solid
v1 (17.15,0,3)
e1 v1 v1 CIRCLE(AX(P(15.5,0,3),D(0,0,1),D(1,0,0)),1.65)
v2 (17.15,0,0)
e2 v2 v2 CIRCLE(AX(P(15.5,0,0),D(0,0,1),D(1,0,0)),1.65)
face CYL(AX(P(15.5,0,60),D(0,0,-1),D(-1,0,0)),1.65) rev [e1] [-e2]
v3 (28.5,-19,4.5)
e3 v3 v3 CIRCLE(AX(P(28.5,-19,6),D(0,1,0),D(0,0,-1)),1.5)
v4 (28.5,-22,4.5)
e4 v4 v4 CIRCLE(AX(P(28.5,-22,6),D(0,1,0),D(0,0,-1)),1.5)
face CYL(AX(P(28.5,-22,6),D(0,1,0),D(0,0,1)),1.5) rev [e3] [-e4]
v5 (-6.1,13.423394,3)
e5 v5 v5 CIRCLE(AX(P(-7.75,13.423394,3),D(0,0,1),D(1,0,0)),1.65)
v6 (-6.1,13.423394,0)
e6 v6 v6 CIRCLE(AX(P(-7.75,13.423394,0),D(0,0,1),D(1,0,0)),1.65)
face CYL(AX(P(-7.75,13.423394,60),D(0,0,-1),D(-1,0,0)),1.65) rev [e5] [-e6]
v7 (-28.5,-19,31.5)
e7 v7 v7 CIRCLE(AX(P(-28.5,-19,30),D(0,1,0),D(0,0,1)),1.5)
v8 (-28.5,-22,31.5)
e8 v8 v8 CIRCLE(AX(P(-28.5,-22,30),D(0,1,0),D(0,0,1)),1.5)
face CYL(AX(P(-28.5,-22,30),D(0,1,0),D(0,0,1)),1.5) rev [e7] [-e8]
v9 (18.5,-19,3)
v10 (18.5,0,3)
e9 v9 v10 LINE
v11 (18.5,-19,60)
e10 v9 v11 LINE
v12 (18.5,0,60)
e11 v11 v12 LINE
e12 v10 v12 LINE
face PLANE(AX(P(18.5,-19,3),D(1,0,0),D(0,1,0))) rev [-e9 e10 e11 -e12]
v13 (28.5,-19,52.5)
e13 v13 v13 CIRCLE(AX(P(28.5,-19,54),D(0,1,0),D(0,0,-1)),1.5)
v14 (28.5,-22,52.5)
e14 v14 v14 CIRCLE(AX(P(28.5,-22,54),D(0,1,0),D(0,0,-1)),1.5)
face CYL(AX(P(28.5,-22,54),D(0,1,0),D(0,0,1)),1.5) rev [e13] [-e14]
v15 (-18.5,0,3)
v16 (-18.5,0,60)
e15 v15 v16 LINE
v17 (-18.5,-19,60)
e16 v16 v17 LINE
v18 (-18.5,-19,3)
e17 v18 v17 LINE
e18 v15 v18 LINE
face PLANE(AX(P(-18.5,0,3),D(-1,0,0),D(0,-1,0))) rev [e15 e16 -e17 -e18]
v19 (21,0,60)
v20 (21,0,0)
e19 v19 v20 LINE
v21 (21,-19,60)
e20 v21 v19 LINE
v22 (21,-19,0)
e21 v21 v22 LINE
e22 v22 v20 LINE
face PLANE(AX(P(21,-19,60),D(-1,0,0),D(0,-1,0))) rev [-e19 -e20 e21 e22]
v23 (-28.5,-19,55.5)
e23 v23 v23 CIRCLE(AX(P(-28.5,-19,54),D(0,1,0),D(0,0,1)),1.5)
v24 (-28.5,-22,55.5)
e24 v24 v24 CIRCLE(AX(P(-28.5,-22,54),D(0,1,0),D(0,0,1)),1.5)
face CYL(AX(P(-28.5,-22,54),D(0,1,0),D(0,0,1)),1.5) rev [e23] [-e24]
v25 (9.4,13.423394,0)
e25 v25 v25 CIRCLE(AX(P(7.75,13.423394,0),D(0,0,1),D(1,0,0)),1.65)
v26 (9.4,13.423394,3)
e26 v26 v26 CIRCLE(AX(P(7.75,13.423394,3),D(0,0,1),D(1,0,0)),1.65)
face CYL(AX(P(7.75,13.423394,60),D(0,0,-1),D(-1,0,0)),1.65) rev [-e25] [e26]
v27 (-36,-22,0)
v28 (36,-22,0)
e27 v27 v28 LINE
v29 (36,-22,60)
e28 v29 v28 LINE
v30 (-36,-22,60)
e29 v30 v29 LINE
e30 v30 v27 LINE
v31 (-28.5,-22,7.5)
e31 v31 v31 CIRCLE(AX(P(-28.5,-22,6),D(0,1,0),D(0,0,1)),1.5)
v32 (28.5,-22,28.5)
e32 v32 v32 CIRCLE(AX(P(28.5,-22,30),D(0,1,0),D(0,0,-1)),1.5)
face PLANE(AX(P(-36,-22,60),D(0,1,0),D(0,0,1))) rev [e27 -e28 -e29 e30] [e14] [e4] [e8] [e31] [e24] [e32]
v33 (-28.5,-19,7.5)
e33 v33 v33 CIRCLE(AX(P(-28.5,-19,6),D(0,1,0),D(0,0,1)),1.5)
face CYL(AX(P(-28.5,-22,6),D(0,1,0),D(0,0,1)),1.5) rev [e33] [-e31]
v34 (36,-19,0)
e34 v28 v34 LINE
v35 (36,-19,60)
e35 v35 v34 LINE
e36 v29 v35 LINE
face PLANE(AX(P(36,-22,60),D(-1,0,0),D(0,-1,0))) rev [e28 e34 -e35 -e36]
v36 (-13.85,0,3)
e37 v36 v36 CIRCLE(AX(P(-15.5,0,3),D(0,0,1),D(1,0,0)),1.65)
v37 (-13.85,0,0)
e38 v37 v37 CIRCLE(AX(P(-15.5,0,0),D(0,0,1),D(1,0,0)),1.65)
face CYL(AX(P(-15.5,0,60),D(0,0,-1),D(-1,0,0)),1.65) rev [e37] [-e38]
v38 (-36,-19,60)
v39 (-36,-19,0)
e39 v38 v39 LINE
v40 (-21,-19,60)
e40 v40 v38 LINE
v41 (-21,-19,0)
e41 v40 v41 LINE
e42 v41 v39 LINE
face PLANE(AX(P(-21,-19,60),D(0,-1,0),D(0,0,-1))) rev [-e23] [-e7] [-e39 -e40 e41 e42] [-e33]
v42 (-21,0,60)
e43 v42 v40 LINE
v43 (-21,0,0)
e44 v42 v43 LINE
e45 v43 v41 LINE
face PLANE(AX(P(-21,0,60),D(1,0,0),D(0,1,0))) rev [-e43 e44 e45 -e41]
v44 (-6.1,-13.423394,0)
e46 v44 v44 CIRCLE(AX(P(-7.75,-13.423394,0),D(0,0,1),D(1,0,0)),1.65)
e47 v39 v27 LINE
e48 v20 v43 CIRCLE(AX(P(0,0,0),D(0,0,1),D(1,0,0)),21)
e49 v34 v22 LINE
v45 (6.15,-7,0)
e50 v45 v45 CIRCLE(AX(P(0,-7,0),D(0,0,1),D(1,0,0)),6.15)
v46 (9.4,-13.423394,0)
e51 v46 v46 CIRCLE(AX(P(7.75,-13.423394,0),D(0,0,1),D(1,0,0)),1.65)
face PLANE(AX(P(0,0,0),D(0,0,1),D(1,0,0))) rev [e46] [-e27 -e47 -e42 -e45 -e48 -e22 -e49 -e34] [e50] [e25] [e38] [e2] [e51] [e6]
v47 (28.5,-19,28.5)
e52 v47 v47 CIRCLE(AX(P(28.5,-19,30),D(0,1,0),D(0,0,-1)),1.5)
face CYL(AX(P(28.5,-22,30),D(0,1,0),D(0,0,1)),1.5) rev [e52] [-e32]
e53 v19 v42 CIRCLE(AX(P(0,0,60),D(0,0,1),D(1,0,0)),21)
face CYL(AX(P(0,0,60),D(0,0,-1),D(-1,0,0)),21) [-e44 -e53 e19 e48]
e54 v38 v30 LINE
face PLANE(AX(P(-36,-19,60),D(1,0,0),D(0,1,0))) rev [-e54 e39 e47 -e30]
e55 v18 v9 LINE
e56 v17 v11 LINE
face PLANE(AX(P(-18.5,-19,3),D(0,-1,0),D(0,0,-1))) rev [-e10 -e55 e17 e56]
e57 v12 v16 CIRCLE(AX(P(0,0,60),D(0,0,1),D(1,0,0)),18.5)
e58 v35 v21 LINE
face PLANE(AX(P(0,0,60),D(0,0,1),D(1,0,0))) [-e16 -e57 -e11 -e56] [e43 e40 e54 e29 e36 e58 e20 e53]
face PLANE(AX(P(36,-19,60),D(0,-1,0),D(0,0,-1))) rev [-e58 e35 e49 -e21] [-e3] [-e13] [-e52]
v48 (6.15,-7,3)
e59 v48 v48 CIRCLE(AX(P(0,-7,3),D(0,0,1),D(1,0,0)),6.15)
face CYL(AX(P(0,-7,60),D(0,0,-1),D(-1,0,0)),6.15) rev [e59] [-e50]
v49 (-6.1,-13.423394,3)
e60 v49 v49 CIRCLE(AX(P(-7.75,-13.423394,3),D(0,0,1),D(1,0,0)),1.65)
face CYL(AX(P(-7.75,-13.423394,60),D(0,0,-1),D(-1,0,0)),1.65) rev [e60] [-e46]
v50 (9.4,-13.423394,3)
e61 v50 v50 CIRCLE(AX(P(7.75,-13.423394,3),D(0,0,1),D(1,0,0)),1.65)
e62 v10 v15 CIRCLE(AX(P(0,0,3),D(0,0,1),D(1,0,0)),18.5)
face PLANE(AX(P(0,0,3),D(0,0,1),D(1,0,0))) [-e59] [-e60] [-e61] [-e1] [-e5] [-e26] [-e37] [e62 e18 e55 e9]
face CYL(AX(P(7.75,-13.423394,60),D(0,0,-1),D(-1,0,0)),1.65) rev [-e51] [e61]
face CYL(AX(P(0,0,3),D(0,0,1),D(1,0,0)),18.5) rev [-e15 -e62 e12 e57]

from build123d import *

# Parameters (mm, degrees)
SKETCH1_R           = 6.15
SKETCH1_R_2         = 1.65
BOSS_EXTRUDE1_DEPTH = 60
CUT_EXTRUDE1_DEPTH  = 57
SKETCH3_R           = 1.5
CUT_EXTRUDE2_DEPTH  = 81.597766718


with BuildPart() as part:
    # Sketch1 → Boss-Extrude1 (new body)
    with BuildSketch(Plane.XY):
        with BuildLine():
            Line((-21, 0), (-21, -19))
            Line((-21, -19), (-36, -19))
            Line((-36, -19), (-36, -22))
            Line((-36, -22), (36, -22))
            Line((36, -22), (36, -19))
            Line((36, -19), (21, -19))
            Line((21, -19), (21, 0))
            ThreePointArc((21, 0), (0, 21), (-21, 0))
        make_face()
        with Locations((0, -7)):
            Circle(SKETCH1_R, mode=Mode.SUBTRACT)
        with Locations((-15.5, 0)):
            Circle(SKETCH1_R_2, mode=Mode.SUBTRACT)
        with Locations((-7.75, 13.423393759)):
            Circle(SKETCH1_R_2, mode=Mode.SUBTRACT)
        with Locations((7.75, 13.423393759)):
            Circle(SKETCH1_R_2, mode=Mode.SUBTRACT)
        with Locations((15.5, 0)):
            Circle(SKETCH1_R_2, mode=Mode.SUBTRACT)
        with Locations((7.75, -13.423393759)):
            Circle(SKETCH1_R_2, mode=Mode.SUBTRACT)
        with Locations((-7.75, -13.423393759)):
            Circle(SKETCH1_R_2, mode=Mode.SUBTRACT)
    extrude(amount=BOSS_EXTRUDE1_DEPTH)

    # Sketch2 → Cut-Extrude1 (cut)
    with BuildSketch(Plane.XY.offset(60)):
        with BuildLine():
            Line((-18.5, 0), (-18.5, -19))
            Line((-18.5, -19), (18.5, -19))
            Line((18.5, -19), (18.5, 0))
            ThreePointArc((18.5, 0), (0, 18.5), (-18.5, 0))
        make_face()
    extrude(amount=-CUT_EXTRUDE1_DEPTH, mode=Mode.SUBTRACT)

    # Sketch3 → Cut-Extrude2 (cut, through all)
    with BuildSketch(Plane(origin=(0, -19, 0), x_dir=(1, 0, 0), z_dir=(0, 1, 0))):
        with Locations(Location((-28.5, -30, 0), (0, 0, 270))):
            Circle(SKETCH3_R)
        with Locations(Location((-28.5, -6, 0), (0, 0, 270))):
            Circle(SKETCH3_R)
        with Locations(Location((-28.5, -54, 0), (0, 0, 270))):
            Circle(SKETCH3_R)
        with Locations(Location((28.5, -54, 0), (0, 0, 90))):
            Circle(SKETCH3_R)
        with Locations(Location((28.5, -6, 0), (0, 0, 90))):
            Circle(SKETCH3_R)
        with Locations(Location((28.5, -30, 0), (0, 0, 90))):
            Circle(SKETCH3_R)
    extrude(amount=-CUT_EXTRUDE2_DEPTH, mode=Mode.SUBTRACT)


solid = part.part
